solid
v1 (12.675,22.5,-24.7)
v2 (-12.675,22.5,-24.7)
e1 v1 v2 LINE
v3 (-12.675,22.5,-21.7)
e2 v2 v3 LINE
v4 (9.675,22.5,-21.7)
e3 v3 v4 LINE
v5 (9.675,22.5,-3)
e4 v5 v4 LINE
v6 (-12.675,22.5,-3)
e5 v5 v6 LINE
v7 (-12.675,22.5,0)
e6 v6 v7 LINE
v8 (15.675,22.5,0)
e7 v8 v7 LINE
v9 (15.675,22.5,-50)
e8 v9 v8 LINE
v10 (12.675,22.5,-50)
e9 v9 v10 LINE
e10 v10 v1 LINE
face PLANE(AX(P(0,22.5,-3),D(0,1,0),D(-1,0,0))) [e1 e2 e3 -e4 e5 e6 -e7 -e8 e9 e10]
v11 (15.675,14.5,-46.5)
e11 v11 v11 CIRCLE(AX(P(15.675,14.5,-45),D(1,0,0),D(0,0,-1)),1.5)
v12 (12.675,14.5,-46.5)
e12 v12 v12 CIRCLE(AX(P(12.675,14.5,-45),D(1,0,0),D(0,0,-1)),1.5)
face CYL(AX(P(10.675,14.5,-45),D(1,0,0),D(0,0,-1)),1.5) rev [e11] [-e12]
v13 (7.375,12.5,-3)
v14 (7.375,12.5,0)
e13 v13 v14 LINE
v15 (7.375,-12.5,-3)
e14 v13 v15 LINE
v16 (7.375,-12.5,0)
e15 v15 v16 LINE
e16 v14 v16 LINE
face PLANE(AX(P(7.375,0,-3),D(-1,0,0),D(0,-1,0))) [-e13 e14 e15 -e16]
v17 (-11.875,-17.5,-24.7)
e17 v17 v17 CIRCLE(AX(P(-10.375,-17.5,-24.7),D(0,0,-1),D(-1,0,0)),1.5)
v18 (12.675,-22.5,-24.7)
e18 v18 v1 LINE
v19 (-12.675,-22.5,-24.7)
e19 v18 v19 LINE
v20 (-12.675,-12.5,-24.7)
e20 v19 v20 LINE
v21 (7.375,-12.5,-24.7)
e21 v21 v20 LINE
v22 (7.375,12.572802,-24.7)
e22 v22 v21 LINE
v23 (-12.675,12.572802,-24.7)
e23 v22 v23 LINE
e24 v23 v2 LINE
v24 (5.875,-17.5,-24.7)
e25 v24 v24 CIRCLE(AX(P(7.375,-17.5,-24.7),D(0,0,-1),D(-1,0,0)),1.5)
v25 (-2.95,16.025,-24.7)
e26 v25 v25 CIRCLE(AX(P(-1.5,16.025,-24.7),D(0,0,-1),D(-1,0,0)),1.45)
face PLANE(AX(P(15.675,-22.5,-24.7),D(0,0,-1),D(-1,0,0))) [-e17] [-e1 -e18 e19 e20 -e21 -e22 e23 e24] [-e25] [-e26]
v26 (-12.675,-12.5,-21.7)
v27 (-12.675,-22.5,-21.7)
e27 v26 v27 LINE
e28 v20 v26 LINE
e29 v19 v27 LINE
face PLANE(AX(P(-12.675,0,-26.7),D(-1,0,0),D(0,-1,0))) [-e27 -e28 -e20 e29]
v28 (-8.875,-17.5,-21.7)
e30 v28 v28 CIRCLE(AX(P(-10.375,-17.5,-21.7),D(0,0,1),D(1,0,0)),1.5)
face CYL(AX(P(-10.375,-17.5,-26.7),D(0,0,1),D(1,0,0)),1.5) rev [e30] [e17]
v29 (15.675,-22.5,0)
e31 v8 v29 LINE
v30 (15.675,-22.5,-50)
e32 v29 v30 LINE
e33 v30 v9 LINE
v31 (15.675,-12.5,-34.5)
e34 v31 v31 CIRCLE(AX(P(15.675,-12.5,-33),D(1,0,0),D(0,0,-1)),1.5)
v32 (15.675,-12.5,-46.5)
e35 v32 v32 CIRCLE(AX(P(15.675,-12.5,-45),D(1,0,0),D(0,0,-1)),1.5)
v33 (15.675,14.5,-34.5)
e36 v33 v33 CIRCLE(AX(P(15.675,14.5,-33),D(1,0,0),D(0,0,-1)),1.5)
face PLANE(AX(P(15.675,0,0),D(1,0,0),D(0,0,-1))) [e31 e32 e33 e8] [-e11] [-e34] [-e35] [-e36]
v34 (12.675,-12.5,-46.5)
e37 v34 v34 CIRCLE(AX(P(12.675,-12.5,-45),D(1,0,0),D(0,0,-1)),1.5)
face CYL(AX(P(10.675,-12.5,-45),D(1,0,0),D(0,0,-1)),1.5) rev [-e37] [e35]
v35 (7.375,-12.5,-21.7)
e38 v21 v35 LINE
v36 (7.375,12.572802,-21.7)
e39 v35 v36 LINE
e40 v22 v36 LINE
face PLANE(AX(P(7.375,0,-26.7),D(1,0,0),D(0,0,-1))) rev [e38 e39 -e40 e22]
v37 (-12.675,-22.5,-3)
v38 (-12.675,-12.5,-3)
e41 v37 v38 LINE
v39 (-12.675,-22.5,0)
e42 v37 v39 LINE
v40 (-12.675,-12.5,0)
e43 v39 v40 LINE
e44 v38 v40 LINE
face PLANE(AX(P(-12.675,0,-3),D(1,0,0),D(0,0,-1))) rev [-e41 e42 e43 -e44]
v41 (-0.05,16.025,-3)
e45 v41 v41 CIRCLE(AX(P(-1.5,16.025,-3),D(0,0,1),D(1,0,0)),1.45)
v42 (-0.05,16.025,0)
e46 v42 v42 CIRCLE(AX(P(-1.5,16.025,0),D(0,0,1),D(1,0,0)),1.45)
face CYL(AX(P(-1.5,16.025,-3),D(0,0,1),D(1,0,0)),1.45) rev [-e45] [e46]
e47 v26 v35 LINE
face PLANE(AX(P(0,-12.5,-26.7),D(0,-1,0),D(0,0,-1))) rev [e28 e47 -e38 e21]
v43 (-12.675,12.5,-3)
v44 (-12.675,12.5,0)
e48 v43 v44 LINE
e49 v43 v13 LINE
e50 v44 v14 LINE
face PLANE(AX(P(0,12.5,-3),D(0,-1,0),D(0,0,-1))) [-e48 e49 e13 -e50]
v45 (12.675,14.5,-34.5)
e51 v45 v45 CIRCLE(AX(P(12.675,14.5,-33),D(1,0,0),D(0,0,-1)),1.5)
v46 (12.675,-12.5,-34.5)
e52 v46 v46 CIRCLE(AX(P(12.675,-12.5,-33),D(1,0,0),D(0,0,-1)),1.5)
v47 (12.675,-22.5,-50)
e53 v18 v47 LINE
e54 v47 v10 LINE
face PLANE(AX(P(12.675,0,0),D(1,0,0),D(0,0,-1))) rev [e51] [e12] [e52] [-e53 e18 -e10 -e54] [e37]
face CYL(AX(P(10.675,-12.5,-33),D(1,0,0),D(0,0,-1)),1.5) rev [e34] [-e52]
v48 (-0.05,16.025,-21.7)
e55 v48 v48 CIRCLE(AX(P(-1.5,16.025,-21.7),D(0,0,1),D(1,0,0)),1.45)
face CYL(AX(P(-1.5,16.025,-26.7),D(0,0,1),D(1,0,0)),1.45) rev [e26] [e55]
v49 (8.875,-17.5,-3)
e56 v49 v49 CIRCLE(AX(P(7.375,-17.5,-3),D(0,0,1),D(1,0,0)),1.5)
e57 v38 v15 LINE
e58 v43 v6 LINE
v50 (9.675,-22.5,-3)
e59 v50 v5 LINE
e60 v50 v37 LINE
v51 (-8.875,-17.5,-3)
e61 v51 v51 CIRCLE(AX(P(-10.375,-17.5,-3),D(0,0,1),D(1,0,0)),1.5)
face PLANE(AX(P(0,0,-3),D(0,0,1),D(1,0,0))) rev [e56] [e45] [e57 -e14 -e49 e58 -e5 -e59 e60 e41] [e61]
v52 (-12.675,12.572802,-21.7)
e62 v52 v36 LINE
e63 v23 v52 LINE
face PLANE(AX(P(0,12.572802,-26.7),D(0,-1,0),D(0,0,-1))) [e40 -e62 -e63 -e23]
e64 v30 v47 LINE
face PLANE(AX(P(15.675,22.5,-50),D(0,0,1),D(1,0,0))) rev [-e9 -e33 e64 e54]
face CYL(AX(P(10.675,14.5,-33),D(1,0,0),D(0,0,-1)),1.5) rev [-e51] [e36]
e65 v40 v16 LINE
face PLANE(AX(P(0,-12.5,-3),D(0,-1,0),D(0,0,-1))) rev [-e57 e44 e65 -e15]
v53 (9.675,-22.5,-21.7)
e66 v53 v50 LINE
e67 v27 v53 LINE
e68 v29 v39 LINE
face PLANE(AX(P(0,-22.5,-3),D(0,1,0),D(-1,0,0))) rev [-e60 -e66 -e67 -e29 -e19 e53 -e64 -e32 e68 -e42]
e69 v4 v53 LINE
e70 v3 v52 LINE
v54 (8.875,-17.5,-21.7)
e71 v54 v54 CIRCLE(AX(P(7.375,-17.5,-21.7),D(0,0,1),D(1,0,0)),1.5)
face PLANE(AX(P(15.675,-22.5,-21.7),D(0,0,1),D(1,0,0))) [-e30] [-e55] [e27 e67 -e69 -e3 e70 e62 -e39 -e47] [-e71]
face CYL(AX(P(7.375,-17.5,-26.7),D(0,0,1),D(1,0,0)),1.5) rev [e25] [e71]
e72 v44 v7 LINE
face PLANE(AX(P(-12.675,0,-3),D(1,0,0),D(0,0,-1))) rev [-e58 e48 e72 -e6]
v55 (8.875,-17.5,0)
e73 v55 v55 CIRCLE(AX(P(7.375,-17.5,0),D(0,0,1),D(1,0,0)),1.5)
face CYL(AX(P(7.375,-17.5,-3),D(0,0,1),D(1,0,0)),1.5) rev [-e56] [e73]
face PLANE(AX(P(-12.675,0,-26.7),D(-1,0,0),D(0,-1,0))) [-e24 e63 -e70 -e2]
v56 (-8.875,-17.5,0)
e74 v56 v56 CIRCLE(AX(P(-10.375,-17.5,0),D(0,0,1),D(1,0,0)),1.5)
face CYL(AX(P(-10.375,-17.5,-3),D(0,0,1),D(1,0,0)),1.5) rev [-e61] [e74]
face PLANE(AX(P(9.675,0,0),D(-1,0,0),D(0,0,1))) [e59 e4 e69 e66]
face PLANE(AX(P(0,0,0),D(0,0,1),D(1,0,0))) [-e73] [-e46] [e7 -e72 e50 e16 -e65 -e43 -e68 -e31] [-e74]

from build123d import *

# Parameters (mm, degrees)
SKETCH2_W           = 5.3
SKETCH2_H           = 25
SKETCH2_R           = 1.45
SKETCH2_R_2         = 1.5
BOSS_EXTRUDE1_DEPTH = 3
SKETCH3_W           = 50
SKETCH3_H           = 45
BOSS_EXTRUDE2_DEPTH = 3
SKETCH7_W           = 38.35
SKETCH7_H           = 3
BOSS_EXTRUDE3_DEPTH = 45
CUT_EXTRUDE1_DEPTH  = 5
SKETCH8_3_R         = 1.5
SKETCH8_3_R_2       = 1.45
CUT_EXTRUDE2_DEPTH  = 5
SKETCH11_R          = 1.5
CUT_EXTRUDE4_DEPTH  = 5
SKETCH12_W          = 18.7
SKETCH12_H          = 45
BOSS_EXTRUDE4_DEPTH = 3


with BuildPart() as part:
    # Sketch2 → Boss-Extrude1 (new body)
    # profile 1 of 3: a face of its own
    with BuildSketch(Plane.XY):
        with Locations((10.025, 0)):
            Rectangle(SKETCH2_W, SKETCH2_H)
    # profile 2 of 3: a face of its own
    with BuildSketch(Plane.XY):
        Polygon((7.375, 12.5), (12.675, 12.5), (12.675, 22.5), (-12.675, 22.5), (-12.675, 12.5), align=None)
        with Locations((-1.5, 16.025)):
            Circle(SKETCH2_R, mode=Mode.SUBTRACT)
    # profile 3 of 3: a face of its own
    with BuildSketch(Plane.XY):
        Polygon((-12.675, -22.5), (12.675, -22.5), (12.675, -12.5), (7.375, -12.5), (-12.675, -12.5), align=None)
        with Locations((-10.375, -17.5)):
            Circle(SKETCH2_R_2, mode=Mode.SUBTRACT)
        with Locations((7.375, -17.5)):
            Circle(SKETCH2_R_2, mode=Mode.SUBTRACT)
    extrude(amount=-BOSS_EXTRUDE1_DEPTH)

    # Sketch3 → Boss-Extrude2 (add)
    with BuildSketch(Plane(origin=(12.675, 0, 0), x_dir=(0, 0, -1), z_dir=(1, 0, 0))):
        with Locations((25, 0)):
            Rectangle(SKETCH3_W, SKETCH3_H)
    extrude(amount=BOSS_EXTRUDE2_DEPTH)

    # Sketch7 → Boss-Extrude3 (add)
    with BuildSketch(Plane(origin=(0, 22.5, 0), x_dir=(1, 0, 0), z_dir=(0, 1, 0))):
        with Locations((-3.5, 23.2)):
            Rectangle(SKETCH7_W, SKETCH7_H)
    extrude(amount=-BOSS_EXTRUDE3_DEPTH)

    # Sketch8 → Cut-Extrude1 (cut)
    with BuildSketch(Plane.XY.offset(-21.7)):
        Polygon((-12.675, 12.572802409), (-12.675, 22.5), (-22.675, 22.5), (-22.675, -22.5), (-12.675, -22.5), (-12.675, -12.5), (7.375, -12.5), (7.375, 12.572802409), align=None)
    extrude(amount=-CUT_EXTRUDE1_DEPTH, mode=Mode.SUBTRACT)

    # Sketch8<3> → Cut-Extrude2 (cut)
    with BuildSketch(Plane.XY.offset(-21.7)):
        with Locations((-10.375, -17.5)):
            Circle(SKETCH8_3_R)
        with Locations((7.375, -17.5)):
            Circle(SKETCH8_3_R)
        with Locations((-1.5, 16.025)):
            Circle(SKETCH8_3_R_2)
    extrude(amount=-CUT_EXTRUDE2_DEPTH, mode=Mode.SUBTRACT)

    # Sketch11 → Cut-Extrude4 (cut)
    with BuildSketch(Plane(origin=(15.675, 0, 0), x_dir=(0, 0, -1), z_dir=(1, 0, 0))):
        with Locations((33, 14.5)):
            Circle(SKETCH11_R)
        with Locations((45, 14.5)):
            Circle(SKETCH11_R)
        with Locations((33, -12.5)):
            Circle(SKETCH11_R)
        with Locations((45, -12.5)):
            Circle(SKETCH11_R)
    extrude(amount=-CUT_EXTRUDE4_DEPTH, mode=Mode.SUBTRACT)

    # Sketch12 → Boss-Extrude4 (add)
    with BuildSketch(Plane.ZY.offset(-12.675)):
        with Locations((-12.35, 0)):
            Rectangle(SKETCH12_W, SKETCH12_H)
    extrude(amount=BOSS_EXTRUDE4_DEPTH)


solid = part.part
